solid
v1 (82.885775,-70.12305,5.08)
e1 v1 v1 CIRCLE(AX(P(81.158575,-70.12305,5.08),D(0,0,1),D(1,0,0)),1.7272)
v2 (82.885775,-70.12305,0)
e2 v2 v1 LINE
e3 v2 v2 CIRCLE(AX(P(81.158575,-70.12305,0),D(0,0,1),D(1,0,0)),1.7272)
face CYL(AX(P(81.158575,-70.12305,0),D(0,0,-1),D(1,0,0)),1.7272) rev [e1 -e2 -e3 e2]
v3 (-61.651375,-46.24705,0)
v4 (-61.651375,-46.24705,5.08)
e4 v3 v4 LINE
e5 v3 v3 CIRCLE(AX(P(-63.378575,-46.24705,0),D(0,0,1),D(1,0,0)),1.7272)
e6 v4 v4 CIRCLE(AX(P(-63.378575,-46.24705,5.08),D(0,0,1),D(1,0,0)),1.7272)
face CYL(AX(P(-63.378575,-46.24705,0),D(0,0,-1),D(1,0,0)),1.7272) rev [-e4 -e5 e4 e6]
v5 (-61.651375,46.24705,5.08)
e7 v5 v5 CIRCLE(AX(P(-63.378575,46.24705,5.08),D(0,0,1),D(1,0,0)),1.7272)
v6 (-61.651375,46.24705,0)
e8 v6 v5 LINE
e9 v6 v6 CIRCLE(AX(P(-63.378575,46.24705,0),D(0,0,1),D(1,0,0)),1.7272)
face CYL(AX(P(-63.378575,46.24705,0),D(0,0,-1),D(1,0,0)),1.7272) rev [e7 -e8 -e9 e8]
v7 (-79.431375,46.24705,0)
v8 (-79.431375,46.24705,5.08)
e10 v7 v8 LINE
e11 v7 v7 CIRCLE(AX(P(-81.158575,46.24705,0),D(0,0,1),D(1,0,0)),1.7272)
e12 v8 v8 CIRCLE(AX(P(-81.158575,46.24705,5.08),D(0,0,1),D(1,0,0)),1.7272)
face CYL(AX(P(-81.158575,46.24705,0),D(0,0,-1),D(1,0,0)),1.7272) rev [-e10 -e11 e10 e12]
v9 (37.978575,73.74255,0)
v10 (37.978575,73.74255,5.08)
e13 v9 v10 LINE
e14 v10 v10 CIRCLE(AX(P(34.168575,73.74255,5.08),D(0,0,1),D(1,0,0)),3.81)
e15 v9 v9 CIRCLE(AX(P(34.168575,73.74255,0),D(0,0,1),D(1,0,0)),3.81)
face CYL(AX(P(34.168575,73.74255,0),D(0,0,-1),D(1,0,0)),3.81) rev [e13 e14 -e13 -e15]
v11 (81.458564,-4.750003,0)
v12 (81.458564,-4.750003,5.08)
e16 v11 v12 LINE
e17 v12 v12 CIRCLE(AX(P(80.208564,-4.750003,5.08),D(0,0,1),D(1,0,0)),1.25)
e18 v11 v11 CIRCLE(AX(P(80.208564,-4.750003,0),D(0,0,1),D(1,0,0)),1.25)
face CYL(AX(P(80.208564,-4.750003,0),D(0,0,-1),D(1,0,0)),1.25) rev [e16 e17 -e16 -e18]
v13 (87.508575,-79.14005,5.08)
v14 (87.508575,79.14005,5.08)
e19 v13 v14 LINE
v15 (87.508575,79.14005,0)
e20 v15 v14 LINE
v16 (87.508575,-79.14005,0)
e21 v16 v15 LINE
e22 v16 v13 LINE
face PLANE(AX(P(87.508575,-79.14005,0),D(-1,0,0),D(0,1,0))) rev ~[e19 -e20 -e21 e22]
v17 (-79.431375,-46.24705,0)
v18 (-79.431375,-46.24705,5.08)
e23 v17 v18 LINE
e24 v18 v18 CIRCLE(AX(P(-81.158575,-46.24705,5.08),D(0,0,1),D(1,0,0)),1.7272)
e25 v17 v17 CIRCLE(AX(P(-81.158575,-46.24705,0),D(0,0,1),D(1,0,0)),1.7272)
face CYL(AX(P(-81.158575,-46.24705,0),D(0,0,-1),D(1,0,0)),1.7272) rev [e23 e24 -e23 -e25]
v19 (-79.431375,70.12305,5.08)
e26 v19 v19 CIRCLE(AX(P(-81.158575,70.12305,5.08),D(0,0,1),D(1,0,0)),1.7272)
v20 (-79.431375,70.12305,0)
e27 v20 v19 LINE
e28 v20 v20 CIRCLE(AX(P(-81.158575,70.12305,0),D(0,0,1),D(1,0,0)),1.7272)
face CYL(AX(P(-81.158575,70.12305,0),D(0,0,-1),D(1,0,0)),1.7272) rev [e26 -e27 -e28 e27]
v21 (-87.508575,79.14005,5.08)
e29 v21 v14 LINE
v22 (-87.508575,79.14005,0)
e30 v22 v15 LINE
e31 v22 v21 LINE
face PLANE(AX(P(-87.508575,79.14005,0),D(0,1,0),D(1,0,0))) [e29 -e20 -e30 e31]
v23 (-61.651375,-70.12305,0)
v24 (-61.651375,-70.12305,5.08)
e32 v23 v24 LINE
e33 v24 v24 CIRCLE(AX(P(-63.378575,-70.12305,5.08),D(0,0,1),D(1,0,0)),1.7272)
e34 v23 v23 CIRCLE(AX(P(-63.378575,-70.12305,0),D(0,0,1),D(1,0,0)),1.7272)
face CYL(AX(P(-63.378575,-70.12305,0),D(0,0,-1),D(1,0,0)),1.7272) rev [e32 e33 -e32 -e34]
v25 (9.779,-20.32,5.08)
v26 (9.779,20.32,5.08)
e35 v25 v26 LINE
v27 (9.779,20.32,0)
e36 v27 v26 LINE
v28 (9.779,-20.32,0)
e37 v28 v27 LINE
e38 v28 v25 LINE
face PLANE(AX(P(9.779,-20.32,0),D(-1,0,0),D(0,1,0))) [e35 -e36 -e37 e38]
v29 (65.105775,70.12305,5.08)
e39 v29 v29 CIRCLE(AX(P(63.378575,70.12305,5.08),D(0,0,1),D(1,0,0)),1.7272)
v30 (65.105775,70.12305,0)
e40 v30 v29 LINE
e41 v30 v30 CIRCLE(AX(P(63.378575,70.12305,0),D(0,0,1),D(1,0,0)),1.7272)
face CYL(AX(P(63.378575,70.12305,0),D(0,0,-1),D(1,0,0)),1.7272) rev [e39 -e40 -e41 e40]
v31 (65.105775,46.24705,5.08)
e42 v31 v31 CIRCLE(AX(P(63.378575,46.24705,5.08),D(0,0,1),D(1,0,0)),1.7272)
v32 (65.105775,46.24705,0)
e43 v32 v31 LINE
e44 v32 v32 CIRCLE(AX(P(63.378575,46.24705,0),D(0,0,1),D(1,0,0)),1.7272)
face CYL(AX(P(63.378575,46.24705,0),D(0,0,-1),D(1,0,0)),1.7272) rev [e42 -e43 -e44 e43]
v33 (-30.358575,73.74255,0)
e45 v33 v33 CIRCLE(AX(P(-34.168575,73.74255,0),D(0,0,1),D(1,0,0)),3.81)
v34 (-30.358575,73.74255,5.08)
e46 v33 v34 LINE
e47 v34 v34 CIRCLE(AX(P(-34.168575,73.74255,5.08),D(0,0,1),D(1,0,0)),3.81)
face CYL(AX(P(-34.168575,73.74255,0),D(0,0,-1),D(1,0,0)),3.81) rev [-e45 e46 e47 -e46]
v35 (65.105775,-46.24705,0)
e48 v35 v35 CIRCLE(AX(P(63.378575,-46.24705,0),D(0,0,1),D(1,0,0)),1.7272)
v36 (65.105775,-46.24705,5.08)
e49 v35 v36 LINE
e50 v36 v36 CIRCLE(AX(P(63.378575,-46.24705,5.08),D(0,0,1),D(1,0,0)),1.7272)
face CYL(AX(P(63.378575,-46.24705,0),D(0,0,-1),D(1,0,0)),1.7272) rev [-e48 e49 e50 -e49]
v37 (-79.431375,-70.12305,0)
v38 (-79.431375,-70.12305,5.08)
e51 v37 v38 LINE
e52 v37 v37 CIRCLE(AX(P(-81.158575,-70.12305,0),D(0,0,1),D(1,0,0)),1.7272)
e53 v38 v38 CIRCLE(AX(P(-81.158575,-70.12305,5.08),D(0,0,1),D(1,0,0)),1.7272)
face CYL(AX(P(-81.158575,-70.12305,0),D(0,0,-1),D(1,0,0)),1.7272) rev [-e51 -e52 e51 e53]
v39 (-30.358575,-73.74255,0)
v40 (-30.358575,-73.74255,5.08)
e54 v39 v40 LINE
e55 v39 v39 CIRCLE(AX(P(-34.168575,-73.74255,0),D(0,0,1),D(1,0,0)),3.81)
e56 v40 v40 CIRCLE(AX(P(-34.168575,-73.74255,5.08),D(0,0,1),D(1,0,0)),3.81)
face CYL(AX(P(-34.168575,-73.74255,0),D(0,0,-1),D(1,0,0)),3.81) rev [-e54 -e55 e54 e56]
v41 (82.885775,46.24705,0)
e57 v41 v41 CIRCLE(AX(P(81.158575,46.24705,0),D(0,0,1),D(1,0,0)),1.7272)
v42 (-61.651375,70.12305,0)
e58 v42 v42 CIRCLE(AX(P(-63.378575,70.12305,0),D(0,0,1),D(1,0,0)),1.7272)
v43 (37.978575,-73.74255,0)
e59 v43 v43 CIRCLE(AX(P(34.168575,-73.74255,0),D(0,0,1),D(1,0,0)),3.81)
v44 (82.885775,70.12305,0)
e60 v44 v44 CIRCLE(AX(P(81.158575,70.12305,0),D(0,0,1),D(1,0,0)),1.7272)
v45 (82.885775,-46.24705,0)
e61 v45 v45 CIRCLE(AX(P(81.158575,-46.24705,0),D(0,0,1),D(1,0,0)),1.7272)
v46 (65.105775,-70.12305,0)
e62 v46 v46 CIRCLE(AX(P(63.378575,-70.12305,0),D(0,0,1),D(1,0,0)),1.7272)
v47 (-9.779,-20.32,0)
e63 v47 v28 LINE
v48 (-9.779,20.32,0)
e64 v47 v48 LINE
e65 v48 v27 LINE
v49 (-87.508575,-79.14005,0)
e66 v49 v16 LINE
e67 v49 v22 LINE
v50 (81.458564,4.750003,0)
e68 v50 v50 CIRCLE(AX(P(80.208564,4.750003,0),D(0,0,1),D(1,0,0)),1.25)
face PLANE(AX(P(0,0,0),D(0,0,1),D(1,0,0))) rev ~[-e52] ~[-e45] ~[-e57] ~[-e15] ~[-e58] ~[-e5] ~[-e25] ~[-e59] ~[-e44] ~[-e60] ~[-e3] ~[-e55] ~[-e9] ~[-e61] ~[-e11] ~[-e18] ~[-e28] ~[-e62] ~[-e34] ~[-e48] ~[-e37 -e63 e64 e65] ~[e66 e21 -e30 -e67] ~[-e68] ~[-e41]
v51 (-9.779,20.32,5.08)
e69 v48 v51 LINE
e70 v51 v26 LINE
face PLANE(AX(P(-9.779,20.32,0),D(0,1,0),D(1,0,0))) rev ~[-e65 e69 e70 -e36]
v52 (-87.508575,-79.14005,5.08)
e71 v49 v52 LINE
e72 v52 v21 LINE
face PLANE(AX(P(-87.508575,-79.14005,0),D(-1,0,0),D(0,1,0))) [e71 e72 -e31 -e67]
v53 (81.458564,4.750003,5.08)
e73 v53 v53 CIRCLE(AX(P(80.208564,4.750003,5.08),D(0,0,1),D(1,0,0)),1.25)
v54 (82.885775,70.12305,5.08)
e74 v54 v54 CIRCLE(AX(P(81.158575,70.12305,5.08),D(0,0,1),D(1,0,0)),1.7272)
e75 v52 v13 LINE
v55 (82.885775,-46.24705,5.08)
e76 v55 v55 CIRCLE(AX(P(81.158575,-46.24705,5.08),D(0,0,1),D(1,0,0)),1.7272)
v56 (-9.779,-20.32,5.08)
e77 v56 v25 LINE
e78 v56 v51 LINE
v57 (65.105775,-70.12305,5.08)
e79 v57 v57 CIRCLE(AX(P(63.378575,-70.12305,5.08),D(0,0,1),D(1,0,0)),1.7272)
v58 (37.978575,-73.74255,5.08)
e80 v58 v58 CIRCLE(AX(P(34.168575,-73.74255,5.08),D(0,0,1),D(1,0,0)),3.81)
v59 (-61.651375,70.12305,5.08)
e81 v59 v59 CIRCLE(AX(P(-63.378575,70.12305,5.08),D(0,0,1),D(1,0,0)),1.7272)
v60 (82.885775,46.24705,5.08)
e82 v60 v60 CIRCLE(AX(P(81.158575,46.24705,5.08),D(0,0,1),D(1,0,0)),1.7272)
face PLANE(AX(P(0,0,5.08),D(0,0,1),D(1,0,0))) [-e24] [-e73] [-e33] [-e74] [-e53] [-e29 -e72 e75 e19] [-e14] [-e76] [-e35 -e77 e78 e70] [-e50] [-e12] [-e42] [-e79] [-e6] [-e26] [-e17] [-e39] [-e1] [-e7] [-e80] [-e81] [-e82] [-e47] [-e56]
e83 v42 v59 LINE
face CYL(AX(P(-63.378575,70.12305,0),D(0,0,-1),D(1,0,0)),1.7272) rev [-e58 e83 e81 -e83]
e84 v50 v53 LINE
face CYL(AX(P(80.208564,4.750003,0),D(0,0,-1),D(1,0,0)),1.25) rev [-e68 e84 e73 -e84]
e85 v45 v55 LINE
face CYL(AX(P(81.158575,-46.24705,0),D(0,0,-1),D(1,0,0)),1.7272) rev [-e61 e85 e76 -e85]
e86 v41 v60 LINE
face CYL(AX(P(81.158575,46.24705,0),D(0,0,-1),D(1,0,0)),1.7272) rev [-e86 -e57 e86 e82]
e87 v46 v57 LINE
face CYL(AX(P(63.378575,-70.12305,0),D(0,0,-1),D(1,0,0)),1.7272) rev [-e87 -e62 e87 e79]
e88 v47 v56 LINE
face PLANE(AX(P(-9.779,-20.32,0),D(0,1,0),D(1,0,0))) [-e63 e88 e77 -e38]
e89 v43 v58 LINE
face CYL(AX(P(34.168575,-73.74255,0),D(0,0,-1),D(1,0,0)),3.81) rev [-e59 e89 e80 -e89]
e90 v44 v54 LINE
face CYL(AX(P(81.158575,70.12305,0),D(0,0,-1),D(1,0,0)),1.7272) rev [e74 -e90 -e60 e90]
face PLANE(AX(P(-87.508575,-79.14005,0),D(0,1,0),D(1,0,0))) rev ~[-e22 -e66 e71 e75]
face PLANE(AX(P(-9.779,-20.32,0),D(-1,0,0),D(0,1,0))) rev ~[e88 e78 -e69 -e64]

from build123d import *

# Parameters (mm, degrees)
F0_W     = 175.01715
F0_H     = 158.2801
F0_R     = 1.7272
F0_R_2   = 3.81
F0_R_3   = 1.25
F0_W_2   = 19.558
F0_H_2   = 40.64
F1_DEPTH = 5.08


with BuildPart() as f1:
    # F0 (on Top) → F1 (new body)
    with BuildSketch(Plane.XY):
        Rectangle(F0_W, F0_H)
        with Locations((-81.158575, -70.12305)):
            Circle(F0_R, mode=Mode.SUBTRACT)
        with Locations((-63.378575, -70.12305)):
            Circle(F0_R, mode=Mode.SUBTRACT)
        with Locations((-81.158575, -46.24705)):
            Circle(F0_R, mode=Mode.SUBTRACT)
        with Locations((-63.378575, -46.24705)):
            Circle(F0_R, mode=Mode.SUBTRACT)
        with Locations((-34.168575, -73.74255)):
            Circle(F0_R_2, mode=Mode.SUBTRACT)
        with Locations((34.168575, -73.74255)):
            Circle(F0_R_2, mode=Mode.SUBTRACT)
        with Locations((63.378575, -70.12305)):
            Circle(F0_R, mode=Mode.SUBTRACT)
        with Locations((81.158575, -70.12305)):
            Circle(F0_R, mode=Mode.SUBTRACT)
        with Locations((63.378575, -46.24705)):
            Circle(F0_R, mode=Mode.SUBTRACT)
        with Locations((81.158575, -46.24705)):
            Circle(F0_R, mode=Mode.SUBTRACT)
        with Locations((80.208564, -4.750003)):
            Circle(F0_R_3, mode=Mode.SUBTRACT)
        with Locations((-81.158575, 46.24705)):
            Circle(F0_R, mode=Mode.SUBTRACT)
        with Locations((-63.378575, 46.24705)):
            Circle(F0_R, mode=Mode.SUBTRACT)
        with Locations((-81.158575, 70.12305)):
            Circle(F0_R, mode=Mode.SUBTRACT)
        with Locations((-63.378575, 70.12305)):
            Circle(F0_R, mode=Mode.SUBTRACT)
        with Locations((-34.168575, 73.74255)):
            Circle(F0_R_2, mode=Mode.SUBTRACT)
        Rectangle(F0_W_2, F0_H_2, mode=Mode.SUBTRACT)
        with Locations((80.208564, 4.750003)):
            Circle(F0_R_3, mode=Mode.SUBTRACT)
        with Locations((34.168575, 73.74255)):
            Circle(F0_R_2, mode=Mode.SUBTRACT)
        with Locations((63.378575, 46.24705)):
            Circle(F0_R, mode=Mode.SUBTRACT)
        with Locations((81.158575, 46.24705)):
            Circle(F0_R, mode=Mode.SUBTRACT)
        with Locations((63.378575, 70.12305)):
            Circle(F0_R, mode=Mode.SUBTRACT)
        with Locations((81.158575, 70.12305)):
            Circle(F0_R, mode=Mode.SUBTRACT)
    extrude(amount=F1_DEPTH)


solid = f1.part
